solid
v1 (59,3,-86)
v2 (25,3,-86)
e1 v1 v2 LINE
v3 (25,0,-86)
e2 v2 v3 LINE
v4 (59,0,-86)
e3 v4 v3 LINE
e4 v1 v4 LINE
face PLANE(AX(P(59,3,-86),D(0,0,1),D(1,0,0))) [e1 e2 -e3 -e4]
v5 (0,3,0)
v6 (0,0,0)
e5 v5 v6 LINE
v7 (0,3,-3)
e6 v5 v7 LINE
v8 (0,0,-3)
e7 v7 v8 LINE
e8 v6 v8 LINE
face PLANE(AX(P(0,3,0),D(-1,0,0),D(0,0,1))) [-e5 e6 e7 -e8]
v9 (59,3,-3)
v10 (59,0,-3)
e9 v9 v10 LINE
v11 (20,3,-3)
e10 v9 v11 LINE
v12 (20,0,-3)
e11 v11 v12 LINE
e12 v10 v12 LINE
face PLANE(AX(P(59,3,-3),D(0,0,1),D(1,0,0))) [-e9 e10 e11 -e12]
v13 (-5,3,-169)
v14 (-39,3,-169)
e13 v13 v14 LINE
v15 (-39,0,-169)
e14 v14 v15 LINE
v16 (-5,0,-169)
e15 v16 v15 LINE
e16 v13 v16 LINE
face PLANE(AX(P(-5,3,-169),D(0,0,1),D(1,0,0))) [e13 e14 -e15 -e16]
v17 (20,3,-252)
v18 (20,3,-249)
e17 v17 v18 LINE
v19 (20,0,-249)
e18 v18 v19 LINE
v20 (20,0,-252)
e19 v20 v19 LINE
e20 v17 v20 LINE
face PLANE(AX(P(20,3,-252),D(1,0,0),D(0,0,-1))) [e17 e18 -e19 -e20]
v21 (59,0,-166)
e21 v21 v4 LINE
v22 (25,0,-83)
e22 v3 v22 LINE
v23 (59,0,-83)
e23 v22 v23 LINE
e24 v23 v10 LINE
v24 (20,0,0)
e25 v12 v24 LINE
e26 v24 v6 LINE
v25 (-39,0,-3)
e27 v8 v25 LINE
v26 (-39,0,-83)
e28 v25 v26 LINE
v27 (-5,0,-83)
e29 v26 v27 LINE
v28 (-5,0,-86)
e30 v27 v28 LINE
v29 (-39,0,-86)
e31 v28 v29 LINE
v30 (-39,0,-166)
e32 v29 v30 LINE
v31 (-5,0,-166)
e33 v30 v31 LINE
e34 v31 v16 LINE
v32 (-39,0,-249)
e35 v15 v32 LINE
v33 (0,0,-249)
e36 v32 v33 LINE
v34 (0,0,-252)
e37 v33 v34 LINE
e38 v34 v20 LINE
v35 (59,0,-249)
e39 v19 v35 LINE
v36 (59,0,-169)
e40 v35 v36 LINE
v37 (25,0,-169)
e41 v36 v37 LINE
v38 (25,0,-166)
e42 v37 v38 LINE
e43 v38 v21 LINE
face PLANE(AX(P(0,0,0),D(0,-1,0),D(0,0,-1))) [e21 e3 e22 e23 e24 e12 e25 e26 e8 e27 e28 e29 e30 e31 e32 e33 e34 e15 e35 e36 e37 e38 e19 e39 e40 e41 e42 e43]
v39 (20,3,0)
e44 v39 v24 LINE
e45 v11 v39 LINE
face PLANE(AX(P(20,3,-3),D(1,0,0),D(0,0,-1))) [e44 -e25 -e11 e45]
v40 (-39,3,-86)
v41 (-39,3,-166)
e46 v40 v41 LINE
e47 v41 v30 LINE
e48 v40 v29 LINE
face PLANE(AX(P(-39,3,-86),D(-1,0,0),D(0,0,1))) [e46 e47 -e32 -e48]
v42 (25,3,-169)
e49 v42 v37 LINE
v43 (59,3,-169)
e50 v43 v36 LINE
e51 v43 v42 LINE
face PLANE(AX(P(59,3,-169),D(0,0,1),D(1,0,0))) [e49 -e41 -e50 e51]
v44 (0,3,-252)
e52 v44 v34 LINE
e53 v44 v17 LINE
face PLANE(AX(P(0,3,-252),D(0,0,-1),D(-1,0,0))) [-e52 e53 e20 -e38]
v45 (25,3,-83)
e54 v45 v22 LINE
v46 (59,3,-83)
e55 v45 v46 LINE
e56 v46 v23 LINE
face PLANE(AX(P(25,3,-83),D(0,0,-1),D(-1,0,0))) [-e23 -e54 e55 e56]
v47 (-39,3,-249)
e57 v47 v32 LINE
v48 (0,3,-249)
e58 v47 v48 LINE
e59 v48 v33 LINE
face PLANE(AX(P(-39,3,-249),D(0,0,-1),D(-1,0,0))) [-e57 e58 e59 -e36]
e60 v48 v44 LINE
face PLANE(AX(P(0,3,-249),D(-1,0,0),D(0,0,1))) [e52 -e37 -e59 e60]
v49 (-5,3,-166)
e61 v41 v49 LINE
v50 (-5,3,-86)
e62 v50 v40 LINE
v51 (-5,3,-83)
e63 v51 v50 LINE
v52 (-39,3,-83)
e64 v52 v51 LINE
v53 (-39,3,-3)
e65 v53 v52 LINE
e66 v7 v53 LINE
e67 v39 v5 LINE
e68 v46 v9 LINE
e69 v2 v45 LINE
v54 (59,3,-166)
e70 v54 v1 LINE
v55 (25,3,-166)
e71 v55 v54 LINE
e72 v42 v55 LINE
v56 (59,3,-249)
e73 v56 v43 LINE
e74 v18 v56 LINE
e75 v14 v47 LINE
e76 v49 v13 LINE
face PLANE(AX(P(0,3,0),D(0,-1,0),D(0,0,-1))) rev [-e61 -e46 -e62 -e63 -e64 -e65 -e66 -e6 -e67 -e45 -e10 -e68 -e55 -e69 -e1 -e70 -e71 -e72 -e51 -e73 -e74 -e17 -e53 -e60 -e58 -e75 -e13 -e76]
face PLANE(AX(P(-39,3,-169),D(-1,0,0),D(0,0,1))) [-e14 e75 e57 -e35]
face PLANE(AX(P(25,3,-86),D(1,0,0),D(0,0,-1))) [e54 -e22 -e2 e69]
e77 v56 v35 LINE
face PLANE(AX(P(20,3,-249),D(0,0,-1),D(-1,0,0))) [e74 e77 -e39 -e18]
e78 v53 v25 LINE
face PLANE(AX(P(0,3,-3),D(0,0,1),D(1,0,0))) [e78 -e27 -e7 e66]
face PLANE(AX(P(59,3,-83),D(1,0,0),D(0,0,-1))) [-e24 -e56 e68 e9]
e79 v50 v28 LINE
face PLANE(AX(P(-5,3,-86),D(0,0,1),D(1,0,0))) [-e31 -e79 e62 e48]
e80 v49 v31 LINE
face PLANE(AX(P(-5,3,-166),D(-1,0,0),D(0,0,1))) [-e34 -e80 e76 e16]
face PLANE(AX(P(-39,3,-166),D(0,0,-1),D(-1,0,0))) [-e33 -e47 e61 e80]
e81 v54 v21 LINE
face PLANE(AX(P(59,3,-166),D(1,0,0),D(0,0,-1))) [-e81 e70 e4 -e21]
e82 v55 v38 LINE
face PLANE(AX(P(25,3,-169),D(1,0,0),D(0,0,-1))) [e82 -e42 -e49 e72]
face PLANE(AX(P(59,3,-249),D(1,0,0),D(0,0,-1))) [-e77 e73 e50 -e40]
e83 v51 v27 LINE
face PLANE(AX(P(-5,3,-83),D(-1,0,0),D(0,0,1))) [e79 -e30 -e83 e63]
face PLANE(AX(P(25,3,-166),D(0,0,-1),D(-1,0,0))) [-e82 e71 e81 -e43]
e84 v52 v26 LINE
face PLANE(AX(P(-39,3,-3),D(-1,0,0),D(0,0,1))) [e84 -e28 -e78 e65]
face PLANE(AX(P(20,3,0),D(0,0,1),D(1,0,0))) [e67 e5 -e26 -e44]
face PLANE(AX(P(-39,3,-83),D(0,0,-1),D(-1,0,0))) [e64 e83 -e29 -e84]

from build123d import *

# Parameters (mm, degrees)
BOSS_EXTRUDE1_DEPTH = 3


with BuildPart() as part:
    # Sketch1 → Boss-Extrude1 (new body)
    with BuildSketch(Plane(origin=(0, 0, 0), x_dir=(1, 0, 0), z_dir=(0, 1, 0))):
        Polygon((0, 0), (0, 3), (-39, 3), (-39, 83), (-5, 83), (-5, 86), (-39, 86), (-39, 166), (-5, 166), (-5, 169), (-39, 169), (-39, 249), (0, 249), (0, 252), (20, 252), (20, 249), (59, 249), (59, 169), (25, 169), (25, 166), (59, 166), (59, 86), (25, 86), (25, 83), (59, 83), (59, 3), (20, 3), (20, 0), align=None)
    extrude(amount=BOSS_EXTRUDE1_DEPTH)


solid = part.part
